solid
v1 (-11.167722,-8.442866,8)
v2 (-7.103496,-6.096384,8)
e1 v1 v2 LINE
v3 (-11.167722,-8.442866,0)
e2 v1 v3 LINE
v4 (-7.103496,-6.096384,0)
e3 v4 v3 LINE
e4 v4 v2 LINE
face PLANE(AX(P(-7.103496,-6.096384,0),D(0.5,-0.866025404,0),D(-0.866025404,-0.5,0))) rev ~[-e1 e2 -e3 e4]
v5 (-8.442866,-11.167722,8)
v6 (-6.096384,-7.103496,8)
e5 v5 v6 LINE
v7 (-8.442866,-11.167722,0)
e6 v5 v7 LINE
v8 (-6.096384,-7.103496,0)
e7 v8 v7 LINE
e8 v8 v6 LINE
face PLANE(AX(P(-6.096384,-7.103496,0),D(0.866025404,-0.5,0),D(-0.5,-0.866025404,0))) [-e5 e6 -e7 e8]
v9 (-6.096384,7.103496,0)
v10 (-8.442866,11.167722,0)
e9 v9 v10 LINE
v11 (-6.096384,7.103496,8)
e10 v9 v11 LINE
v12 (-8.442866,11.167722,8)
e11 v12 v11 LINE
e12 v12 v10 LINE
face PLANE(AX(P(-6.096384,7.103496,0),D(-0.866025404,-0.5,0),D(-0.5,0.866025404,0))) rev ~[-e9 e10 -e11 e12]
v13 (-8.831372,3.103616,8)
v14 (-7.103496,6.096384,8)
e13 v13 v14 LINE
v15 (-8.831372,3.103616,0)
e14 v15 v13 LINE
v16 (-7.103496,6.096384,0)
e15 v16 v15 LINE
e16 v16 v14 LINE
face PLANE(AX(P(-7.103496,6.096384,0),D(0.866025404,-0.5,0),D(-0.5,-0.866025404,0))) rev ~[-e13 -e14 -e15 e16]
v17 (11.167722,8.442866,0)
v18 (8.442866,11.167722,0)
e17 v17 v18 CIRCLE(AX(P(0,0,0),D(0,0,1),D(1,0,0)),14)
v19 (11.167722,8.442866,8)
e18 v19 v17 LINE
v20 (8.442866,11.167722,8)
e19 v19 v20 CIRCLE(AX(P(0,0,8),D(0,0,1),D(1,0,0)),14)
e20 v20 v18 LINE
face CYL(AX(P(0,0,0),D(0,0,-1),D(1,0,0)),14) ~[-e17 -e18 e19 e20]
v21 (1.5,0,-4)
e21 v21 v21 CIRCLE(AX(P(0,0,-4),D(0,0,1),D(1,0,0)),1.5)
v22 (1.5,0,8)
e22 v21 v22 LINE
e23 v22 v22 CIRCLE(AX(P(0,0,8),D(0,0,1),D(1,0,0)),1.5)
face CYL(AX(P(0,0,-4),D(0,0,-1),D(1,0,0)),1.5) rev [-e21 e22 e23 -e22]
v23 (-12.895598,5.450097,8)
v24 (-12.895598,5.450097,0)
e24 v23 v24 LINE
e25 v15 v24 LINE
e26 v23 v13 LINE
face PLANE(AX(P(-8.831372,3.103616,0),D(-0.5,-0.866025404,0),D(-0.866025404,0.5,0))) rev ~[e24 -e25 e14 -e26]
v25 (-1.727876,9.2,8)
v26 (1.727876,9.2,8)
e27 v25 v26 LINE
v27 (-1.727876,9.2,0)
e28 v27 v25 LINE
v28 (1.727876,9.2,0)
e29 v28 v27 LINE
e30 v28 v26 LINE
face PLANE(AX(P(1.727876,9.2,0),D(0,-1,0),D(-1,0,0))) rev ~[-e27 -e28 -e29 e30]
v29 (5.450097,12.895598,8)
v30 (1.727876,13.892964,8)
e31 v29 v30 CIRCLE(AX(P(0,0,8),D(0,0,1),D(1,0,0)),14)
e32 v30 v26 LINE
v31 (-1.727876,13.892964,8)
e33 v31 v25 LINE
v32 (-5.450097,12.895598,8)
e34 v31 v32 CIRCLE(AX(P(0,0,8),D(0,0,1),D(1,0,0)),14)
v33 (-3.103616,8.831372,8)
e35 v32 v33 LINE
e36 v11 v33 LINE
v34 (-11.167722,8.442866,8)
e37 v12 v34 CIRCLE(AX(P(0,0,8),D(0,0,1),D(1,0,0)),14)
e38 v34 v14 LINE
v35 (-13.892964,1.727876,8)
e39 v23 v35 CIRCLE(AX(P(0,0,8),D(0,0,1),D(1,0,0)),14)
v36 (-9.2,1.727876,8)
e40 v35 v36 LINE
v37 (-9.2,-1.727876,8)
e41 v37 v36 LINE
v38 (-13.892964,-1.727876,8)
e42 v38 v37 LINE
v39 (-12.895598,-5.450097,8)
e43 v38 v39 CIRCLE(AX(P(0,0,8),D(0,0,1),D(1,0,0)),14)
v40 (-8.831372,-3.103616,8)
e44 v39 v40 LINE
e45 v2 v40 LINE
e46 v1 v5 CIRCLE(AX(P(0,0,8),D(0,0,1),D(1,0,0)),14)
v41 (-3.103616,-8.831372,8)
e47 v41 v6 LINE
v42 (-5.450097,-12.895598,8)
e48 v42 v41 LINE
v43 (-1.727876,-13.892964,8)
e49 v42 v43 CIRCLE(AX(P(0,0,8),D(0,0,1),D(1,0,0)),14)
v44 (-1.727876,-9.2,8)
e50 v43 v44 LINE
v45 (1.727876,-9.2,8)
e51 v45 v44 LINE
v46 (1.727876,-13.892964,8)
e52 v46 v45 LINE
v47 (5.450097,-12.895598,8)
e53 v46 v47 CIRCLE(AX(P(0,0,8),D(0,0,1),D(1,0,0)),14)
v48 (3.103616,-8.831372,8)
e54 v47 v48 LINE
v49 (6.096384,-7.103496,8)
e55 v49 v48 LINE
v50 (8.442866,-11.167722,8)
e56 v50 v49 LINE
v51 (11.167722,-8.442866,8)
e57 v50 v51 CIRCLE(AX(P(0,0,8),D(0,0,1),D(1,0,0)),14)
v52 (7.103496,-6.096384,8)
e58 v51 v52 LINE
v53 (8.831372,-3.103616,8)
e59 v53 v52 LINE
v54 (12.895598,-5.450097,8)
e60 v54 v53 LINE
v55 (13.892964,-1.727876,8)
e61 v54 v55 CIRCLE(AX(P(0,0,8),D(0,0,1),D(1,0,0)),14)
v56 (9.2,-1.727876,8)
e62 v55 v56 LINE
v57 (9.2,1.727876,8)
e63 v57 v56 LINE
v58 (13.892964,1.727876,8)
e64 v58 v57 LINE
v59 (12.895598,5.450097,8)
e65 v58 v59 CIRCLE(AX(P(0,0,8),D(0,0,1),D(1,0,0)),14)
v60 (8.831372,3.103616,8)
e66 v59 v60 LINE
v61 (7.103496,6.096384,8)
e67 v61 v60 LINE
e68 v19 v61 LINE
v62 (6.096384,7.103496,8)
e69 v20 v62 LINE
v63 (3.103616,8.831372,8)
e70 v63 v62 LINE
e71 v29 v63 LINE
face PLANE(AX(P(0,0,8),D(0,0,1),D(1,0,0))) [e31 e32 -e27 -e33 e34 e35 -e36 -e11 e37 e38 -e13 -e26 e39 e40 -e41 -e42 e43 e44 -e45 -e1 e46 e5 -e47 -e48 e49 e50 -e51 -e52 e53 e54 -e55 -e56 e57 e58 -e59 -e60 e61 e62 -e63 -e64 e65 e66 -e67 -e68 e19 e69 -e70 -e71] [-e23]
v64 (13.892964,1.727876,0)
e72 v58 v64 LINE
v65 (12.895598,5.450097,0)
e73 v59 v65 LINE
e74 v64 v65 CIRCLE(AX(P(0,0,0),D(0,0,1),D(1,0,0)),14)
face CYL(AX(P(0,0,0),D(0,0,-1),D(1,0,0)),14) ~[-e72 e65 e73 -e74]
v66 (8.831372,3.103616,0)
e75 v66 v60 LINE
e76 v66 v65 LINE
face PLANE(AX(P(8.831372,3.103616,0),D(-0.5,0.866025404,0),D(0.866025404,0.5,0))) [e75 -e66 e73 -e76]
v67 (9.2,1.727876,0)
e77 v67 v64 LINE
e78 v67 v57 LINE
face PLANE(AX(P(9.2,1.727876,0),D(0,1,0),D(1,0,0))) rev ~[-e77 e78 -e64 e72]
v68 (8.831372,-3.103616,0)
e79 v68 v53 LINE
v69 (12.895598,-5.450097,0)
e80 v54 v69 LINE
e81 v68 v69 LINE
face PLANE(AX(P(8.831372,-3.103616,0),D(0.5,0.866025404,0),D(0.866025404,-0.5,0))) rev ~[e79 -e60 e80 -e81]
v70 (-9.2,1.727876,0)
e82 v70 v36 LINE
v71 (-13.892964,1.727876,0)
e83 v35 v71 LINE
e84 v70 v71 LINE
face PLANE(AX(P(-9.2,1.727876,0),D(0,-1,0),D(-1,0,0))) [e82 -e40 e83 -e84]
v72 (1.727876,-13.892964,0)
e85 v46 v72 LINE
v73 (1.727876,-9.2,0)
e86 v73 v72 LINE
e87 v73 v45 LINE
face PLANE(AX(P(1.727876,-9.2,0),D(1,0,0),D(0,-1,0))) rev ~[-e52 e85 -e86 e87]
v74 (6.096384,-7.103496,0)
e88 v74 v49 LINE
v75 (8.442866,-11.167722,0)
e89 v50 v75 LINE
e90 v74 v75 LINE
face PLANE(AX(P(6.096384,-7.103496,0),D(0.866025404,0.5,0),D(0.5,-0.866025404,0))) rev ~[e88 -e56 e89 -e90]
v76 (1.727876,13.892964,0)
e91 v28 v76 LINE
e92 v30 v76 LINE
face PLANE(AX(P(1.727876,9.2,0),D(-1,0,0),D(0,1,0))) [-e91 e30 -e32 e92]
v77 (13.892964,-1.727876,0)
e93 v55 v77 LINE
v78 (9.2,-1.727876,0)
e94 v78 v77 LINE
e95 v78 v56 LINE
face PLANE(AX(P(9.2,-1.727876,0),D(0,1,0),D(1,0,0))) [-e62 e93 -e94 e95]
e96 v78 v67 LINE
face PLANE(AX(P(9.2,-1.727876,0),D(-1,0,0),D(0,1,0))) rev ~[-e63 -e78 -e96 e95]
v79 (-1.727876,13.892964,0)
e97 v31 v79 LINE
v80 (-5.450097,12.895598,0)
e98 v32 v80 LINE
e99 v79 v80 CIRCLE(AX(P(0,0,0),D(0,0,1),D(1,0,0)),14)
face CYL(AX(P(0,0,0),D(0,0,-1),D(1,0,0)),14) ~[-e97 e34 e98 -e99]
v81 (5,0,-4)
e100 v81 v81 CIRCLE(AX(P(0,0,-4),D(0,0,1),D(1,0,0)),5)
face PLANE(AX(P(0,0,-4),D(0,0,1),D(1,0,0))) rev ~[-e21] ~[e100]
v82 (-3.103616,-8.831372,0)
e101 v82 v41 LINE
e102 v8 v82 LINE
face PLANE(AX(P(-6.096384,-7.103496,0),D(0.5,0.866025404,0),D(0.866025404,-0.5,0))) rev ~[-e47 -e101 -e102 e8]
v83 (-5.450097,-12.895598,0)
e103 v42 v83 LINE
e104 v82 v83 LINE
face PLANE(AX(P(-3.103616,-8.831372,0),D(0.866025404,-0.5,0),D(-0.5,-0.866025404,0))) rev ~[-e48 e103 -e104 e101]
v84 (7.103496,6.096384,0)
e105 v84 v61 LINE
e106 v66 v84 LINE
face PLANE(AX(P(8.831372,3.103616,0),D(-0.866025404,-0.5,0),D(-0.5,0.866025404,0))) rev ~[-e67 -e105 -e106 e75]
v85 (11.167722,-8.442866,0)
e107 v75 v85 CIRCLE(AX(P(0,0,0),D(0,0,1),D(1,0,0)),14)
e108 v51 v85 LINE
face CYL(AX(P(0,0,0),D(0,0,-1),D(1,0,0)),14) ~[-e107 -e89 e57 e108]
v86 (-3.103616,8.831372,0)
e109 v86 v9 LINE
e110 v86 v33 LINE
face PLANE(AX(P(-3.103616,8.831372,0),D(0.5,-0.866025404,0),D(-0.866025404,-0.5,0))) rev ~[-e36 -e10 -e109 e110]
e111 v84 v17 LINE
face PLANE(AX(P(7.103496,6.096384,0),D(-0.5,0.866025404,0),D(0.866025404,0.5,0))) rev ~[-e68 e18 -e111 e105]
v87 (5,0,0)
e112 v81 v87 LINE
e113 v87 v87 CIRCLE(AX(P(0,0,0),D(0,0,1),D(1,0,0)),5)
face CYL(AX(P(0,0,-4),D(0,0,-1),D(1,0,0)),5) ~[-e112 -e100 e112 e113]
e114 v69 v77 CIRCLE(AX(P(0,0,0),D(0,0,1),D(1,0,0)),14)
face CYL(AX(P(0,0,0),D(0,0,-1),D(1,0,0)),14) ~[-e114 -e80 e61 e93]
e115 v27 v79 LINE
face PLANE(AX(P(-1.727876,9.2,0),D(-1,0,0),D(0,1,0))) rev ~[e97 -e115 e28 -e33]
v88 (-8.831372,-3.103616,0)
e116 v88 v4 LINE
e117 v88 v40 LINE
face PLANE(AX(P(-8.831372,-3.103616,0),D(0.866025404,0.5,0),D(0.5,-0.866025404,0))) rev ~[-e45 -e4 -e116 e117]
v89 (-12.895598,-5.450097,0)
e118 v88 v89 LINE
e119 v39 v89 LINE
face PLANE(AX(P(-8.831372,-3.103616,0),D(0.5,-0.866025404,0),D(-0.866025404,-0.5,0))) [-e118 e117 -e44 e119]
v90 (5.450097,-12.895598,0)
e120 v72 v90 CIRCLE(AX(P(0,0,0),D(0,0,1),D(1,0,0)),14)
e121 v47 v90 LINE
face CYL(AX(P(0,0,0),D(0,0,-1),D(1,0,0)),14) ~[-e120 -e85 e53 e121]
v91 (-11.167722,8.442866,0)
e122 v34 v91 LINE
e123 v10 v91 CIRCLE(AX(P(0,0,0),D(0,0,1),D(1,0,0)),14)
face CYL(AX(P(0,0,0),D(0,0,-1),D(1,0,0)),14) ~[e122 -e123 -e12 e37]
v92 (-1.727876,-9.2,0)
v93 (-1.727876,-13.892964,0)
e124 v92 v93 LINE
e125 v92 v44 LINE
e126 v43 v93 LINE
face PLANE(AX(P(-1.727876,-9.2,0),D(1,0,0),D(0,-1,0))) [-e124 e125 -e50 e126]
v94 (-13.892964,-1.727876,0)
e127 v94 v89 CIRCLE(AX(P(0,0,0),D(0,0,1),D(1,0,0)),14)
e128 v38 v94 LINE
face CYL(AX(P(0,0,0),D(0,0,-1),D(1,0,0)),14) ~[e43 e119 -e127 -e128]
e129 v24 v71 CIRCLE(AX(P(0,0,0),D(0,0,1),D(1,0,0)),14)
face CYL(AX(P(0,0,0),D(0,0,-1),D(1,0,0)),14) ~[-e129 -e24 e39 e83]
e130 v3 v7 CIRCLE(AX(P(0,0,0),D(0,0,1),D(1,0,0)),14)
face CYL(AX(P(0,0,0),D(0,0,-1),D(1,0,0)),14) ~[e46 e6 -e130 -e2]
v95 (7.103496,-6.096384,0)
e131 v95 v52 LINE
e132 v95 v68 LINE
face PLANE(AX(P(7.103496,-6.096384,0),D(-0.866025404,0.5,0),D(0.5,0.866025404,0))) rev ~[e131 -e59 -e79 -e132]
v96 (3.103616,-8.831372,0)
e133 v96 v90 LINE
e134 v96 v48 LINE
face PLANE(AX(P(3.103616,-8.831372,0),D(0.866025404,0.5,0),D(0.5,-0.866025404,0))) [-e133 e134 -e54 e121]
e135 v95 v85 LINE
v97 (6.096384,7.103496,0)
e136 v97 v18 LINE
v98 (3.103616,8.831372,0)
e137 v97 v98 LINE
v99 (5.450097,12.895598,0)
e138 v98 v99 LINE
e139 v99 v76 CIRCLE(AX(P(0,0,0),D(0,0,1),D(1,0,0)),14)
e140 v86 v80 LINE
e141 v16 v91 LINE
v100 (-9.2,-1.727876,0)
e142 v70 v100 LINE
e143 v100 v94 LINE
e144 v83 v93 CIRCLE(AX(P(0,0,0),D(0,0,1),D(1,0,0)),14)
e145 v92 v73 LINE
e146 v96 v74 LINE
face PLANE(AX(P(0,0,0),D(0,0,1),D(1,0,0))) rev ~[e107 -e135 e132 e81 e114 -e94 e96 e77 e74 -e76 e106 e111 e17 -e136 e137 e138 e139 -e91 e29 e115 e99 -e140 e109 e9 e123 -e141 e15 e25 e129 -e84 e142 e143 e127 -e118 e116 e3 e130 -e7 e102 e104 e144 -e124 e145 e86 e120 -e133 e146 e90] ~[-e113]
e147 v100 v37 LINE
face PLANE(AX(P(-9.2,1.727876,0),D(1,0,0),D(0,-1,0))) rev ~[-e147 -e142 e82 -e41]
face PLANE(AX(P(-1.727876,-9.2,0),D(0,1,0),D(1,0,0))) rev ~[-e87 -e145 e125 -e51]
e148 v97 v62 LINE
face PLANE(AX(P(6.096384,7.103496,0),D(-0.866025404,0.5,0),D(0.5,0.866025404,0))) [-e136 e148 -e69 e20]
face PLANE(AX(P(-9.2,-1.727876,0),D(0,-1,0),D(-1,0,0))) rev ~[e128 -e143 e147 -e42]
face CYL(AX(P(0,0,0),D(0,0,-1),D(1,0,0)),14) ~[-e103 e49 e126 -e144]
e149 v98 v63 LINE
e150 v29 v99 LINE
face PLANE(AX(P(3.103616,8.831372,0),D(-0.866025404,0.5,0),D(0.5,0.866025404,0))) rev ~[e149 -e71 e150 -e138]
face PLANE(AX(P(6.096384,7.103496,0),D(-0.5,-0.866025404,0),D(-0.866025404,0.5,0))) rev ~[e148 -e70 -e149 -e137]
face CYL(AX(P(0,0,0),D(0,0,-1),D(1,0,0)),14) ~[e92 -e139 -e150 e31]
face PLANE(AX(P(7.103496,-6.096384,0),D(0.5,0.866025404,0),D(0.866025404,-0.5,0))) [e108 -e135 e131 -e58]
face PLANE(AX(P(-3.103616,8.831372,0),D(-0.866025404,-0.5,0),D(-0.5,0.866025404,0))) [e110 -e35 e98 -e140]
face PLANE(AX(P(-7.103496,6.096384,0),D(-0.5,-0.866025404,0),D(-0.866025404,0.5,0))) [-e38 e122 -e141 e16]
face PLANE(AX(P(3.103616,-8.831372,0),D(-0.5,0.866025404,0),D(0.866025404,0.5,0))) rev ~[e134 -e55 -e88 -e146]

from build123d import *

# Parameters (mm, degrees)
SKETCH1_R           = 14
SKETCH1_R_2         = 1.5
BOSS_EXTRUDE1_DEPTH = 8
SKETCH2_W           = 5.1
SKETCH2_H           = 3.455751918
CUT_EXTRUDE2_DEPTH  = 9
CIRPATTERN1_COUNT   = 12
BOSS_EXTRUDE2_START = -4
SKETCH3_R           = 5
SKETCH3_R_2         = 1.5
BOSS_EXTRUDE2_DEPTH = 4


with BuildPart() as part:
    # Sketch1 → Boss-Extrude1 (new body)
    with BuildSketch(Plane.XY):
        Circle(SKETCH1_R)
        Circle(SKETCH1_R_2, mode=Mode.SUBTRACT)
    extrude(amount=BOSS_EXTRUDE1_DEPTH)

    # Sketch2 → Cut-Extrude2 (cut)
    with BuildSketch(Plane.XY):
        with Locations((11.75, 0)):
            Rectangle(SKETCH2_W, SKETCH2_H)
    cut_extrude2 = extrude(amount=CUT_EXTRUDE2_DEPTH, mode=Mode.SUBTRACT)

    # CirPattern1: Cut-Extrude2 ×12 about axis
    cirpattern1_axis = Axis((0, 0, -0.4), (0, 0, 1))
    for i in range(1, CIRPATTERN1_COUNT):
        add(cut_extrude2.rotate(cirpattern1_axis, i * 360 / CIRPATTERN1_COUNT), mode=Mode.SUBTRACT)

    # Sketch3 → Boss-Extrude2 (add)
    with BuildSketch(Plane.XY.offset(BOSS_EXTRUDE2_START)):
        Circle(SKETCH3_R)
        Circle(SKETCH3_R_2, mode=Mode.SUBTRACT)
    extrude(amount=BOSS_EXTRUDE2_DEPTH)


solid = part.part
